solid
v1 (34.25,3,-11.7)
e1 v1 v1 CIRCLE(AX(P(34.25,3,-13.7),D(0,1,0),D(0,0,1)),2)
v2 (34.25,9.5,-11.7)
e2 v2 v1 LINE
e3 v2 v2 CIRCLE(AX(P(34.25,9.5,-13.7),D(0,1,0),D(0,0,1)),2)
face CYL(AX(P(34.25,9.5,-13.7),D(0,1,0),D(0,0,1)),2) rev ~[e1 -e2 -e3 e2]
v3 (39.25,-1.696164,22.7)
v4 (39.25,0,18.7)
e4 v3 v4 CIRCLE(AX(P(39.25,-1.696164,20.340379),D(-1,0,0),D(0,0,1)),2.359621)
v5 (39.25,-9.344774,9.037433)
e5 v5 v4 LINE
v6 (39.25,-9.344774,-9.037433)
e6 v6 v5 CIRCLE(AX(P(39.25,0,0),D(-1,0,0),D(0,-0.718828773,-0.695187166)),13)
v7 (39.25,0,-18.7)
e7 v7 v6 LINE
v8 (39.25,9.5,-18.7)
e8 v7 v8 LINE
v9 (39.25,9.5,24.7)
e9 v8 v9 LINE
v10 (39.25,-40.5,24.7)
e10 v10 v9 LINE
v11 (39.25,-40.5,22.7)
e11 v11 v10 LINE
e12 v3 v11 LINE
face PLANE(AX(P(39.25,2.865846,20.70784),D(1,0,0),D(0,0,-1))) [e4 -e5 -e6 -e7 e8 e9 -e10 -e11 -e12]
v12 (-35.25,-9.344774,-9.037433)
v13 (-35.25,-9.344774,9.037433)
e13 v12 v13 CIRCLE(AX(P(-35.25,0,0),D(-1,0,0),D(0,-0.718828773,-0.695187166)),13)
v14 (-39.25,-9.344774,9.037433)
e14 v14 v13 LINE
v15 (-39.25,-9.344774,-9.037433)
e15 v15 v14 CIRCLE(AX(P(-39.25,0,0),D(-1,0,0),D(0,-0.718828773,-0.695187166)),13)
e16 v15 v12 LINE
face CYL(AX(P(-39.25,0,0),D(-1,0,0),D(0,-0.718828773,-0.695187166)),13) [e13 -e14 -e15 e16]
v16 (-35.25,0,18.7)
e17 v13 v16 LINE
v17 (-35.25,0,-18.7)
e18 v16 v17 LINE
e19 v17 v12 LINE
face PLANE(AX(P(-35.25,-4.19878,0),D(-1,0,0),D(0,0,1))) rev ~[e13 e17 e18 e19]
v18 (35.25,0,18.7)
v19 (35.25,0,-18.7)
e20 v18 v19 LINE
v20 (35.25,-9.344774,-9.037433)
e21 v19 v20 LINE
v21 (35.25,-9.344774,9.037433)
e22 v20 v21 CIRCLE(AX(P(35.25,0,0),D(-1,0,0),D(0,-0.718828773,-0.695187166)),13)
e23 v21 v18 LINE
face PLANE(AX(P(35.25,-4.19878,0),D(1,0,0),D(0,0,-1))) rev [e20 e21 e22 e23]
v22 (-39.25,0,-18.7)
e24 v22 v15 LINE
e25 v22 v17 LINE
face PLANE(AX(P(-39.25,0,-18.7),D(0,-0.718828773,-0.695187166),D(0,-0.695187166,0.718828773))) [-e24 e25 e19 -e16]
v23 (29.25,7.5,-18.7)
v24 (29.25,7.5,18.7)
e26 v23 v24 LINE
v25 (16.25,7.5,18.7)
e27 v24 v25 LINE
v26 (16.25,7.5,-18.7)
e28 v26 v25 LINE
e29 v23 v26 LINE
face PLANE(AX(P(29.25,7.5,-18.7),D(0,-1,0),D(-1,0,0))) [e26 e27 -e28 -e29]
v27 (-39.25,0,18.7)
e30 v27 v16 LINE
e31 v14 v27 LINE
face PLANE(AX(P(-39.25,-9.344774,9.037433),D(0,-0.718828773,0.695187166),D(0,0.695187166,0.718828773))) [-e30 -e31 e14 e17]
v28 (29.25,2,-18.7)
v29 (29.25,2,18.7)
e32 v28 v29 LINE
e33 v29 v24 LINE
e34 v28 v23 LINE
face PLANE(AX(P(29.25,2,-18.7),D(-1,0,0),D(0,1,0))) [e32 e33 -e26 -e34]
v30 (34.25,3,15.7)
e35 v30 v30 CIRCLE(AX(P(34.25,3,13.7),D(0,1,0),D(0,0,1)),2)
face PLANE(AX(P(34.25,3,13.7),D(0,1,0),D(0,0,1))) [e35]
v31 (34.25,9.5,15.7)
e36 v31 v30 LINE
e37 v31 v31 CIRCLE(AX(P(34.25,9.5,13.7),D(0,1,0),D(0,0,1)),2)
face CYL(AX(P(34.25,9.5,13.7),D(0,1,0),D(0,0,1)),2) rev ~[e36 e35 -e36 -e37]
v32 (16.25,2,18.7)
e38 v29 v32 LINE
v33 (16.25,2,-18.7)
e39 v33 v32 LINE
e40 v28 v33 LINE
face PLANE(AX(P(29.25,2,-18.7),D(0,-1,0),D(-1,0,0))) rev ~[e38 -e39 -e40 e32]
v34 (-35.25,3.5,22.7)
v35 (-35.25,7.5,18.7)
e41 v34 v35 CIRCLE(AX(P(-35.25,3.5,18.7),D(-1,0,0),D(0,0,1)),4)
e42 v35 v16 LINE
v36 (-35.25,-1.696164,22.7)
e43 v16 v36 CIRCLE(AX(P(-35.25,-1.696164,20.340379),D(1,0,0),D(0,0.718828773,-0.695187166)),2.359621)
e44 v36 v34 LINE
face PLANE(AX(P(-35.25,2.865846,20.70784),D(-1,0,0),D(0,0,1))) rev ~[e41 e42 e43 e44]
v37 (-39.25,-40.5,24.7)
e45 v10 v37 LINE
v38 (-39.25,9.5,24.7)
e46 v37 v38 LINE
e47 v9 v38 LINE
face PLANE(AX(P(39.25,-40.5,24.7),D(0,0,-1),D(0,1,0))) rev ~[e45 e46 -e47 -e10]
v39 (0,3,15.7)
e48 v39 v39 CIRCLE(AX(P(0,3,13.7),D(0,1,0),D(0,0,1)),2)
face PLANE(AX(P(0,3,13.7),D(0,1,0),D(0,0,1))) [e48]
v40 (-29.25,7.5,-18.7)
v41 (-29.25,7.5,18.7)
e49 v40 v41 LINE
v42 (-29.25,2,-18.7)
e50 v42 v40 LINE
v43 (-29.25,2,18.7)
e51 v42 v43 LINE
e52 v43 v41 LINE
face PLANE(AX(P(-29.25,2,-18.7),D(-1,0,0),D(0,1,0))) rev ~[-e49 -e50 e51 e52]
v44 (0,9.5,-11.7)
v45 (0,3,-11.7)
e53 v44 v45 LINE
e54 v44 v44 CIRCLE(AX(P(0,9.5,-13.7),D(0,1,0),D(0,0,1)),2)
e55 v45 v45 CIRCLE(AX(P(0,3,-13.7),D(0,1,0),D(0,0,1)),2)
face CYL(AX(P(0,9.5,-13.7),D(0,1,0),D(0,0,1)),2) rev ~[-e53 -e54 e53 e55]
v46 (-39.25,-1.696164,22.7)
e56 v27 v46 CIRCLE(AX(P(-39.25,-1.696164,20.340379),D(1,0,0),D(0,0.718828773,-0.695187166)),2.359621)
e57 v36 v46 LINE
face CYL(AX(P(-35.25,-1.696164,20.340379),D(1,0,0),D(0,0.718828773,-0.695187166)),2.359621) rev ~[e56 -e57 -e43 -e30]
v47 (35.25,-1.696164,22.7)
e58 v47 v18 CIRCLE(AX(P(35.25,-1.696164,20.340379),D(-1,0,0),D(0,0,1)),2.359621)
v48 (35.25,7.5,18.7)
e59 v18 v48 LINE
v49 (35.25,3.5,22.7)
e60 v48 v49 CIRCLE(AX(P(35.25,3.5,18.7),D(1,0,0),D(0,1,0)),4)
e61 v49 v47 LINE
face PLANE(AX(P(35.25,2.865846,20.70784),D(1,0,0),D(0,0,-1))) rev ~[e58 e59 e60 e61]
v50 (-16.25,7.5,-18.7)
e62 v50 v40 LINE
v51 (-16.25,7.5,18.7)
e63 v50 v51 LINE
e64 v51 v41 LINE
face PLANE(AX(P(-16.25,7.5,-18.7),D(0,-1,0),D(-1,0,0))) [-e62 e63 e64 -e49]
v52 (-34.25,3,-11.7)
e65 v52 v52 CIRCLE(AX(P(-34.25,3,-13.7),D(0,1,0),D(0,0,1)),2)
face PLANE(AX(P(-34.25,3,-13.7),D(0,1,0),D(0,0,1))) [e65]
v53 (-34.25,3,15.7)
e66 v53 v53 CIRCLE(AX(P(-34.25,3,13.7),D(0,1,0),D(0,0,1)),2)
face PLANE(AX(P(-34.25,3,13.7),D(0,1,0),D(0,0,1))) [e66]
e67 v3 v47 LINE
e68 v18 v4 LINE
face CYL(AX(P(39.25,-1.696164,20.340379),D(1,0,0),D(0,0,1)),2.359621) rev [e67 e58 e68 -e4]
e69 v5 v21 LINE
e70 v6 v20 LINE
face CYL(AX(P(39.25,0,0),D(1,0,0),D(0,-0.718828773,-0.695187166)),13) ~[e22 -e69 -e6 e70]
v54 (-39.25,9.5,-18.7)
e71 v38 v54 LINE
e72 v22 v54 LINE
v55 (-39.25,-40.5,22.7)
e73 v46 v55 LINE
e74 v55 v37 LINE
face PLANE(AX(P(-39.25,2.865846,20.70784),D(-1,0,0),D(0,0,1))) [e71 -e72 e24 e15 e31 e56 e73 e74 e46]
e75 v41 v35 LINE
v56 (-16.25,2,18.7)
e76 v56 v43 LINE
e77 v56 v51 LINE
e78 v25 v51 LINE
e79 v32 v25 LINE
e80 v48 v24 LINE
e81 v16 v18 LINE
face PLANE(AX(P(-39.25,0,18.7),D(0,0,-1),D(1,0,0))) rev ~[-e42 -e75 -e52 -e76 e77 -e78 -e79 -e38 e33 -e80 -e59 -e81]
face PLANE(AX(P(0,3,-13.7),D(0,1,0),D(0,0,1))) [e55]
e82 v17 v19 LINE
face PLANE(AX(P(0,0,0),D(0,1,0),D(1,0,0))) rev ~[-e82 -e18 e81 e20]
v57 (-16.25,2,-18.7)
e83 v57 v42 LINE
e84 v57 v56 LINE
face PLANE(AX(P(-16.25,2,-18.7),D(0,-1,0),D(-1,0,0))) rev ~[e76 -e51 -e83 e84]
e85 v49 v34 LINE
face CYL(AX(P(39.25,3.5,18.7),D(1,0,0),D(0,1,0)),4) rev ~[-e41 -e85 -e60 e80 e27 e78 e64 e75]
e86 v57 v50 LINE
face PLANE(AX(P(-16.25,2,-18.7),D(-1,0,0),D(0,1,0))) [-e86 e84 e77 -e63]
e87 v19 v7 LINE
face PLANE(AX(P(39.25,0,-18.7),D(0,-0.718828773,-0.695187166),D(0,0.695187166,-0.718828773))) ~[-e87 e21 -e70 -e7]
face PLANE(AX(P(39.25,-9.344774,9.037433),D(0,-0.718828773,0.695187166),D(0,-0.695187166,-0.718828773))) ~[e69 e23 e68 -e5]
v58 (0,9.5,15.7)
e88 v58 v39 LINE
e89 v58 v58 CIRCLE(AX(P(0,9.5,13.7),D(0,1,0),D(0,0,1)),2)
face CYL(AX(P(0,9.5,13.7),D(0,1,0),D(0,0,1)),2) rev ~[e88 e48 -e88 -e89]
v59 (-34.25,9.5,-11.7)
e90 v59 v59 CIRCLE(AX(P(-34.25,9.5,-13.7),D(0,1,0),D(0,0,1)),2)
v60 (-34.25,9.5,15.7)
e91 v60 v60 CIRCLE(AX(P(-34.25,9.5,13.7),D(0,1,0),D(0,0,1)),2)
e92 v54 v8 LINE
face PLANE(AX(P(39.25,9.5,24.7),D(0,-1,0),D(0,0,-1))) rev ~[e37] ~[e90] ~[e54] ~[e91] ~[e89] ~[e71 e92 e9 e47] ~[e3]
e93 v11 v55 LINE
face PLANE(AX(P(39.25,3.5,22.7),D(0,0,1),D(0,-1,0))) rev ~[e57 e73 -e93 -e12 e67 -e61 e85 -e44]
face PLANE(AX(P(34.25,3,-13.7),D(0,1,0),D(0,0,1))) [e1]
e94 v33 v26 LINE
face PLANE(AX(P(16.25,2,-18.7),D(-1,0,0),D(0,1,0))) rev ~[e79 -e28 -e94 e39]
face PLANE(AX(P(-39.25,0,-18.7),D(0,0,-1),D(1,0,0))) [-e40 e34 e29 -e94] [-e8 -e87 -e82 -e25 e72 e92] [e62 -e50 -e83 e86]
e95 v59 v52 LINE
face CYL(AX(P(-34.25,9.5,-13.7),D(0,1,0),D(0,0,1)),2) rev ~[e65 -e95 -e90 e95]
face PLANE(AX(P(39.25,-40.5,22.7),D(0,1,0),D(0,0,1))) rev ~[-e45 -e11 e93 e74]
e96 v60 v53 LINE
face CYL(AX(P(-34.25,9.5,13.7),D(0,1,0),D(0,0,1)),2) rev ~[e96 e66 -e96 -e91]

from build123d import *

# Parameters (mm, degrees)
SKETCH1_W           = 78.5
SKETCH1_H           = 37.4
BOSS_EXTRUDE1_DEPTH = 9.5
SKETCH6_R           = 2
CUT_EXTRUDE1_DEPTH  = 6.5
BOSS_EXTRUDE2_DEPTH = 4
SKETCH9_W           = 13
SKETCH9_H           = 5.5
CUT_EXTRUDE3_DEPTH  = 56.75233179
BOSS_EXTRUDE3_REACH = 83.737
BOSS_EXTRUDE4_START = -4
BOSS_EXTRUDE4_DEPTH = 4
BOSS_EXTRUDE5_DEPTH = 4


with BuildPart() as part:
    # Sketch1 → Boss-Extrude1 (new body)
    with BuildSketch(Plane(origin=(0, 0, 0), x_dir=(1, 0, 0), z_dir=(0, 1, 0))):
        Rectangle(SKETCH1_W, SKETCH1_H)
    extrude(amount=BOSS_EXTRUDE1_DEPTH)

    # Sketch6 → Cut-Extrude1 (cut)
    with BuildSketch(Plane(origin=(0, 9.5, 0), x_dir=(1, 0, 0), z_dir=(0, 1, 0))):
        with Locations(Location((-34.25, 13.7, 0), (0, 0, 270))):
            Circle(SKETCH6_R)
        with Locations(Location((0, 13.7, 0), (0, 0, 270))):
            Circle(SKETCH6_R)
        with Locations(Location((34.25, 13.7, 0), (0, 0, 270))):
            Circle(SKETCH6_R)
        with Locations(Location((34.25, -13.7, 0), (0, 0, 270))):
            Circle(SKETCH6_R)
        with Locations(Location((0, -13.7, 0), (0, 0, 270))):
            Circle(SKETCH6_R)
        with Locations(Location((-34.25, -13.7, 0), (0, 0, 270))):
            Circle(SKETCH6_R)
    extrude(amount=-CUT_EXTRUDE1_DEPTH, mode=Mode.SUBTRACT)

    # Sketch7 → Boss-Extrude2 (add)
    with BuildSketch(Plane.ZY.offset(39.25)):
        with BuildLine():
            Line((-18.7, 0), (-9.037433155, -9.344774046))
            ThreePointArc((-9.037433155, -9.344774046), (0, -13), (9.037433155, -9.344774046))
            Line((9.037433155, -9.344774046), (18.7, 0))
            Line((18.7, 0), (-18.7, 0))
        make_face()
    boss_extrude2 = extrude(amount=-BOSS_EXTRUDE2_DEPTH)

    # Mirror1: Boss-Extrude2 across plane
    add(boss_extrude2.mirror(Plane(origin=(0, 0, 0), x_dir=(0, 0, 1), z_dir=(1, 0, 0))))

    # Sketch9 → Cut-Extrude3 (cut, through all)
    with BuildSketch(Plane(origin=(0, 0, -18.7), x_dir=(-1, 0, 0), z_dir=(0, 0, -1))):
        with Locations((22.75, 4.75)):
            Rectangle(SKETCH9_W, SKETCH9_H)
        with Locations((-22.75, 4.75)):
            Rectangle(SKETCH9_W, SKETCH9_H)
    extrude(amount=-CUT_EXTRUDE3_DEPTH, mode=Mode.SUBTRACT)

    # Boss-Extrude3: up to this face of the body (flat: up to its plane)
    boss_extrude3_end = Plane(part.part.faces().sort_by_distance((-39.25, 0.189608499, 0))[0])
    # Sketch10 → Boss-Extrude3 (add, up to the picked face)
    with BuildSketch(Plane(origin=(39.25, 0, 0), x_dir=(0, 0, -1), z_dir=(1, 0, 0)), mode=Mode.PRIVATE) as boss_extrude3_sk1:
        with BuildLine():
            Line((-22.7, -40.5), (-24.7, -40.5))
            Line((-24.7, -40.5), (-24.7, 9.5))
            Line((-24.7, 9.5), (-18.7, 9.5))
            Line((-18.7, 9.5), (-18.7, 7.5))
            ThreePointArc((-18.7, 7.5), (-21.528427125, 6.328427125), (-22.7, 3.5))
            Line((-22.7, 3.5), (-22.7, -40.5))
        make_face()
    boss_extrude3_tool1 = split(extrude(boss_extrude3_sk1.sketch, amount=-BOSS_EXTRUDE3_REACH, mode=Mode.PRIVATE), bisect_by=boss_extrude3_end, keep=Keep.BOTH, mode=Mode.PRIVATE)
    add(boss_extrude3_tool1.solids().sort_by(Axis((39.25, -13.095828, 23.426281), (-1, 0, 0)))[0])

    # Sketch11 → Boss-Extrude4 (add)
    with BuildSketch(Plane.ZY.offset(39.25).offset(BOSS_EXTRUDE4_START)):
        with BuildLine():
            Line((18.7, 7.5), (18.7, 0))
            ThreePointArc((18.7, 0), (21.261557408, 0.476218058), (22.7, -1.696163792))
            Line((22.7, -1.696163792), (22.7, 3.5))
            ThreePointArc((22.7, 3.5), (21.528427125, 6.328427125), (18.7, 7.5))
        make_face()
    extrude(amount=BOSS_EXTRUDE4_DEPTH)

    # Sketch12 → Boss-Extrude5 (add)
    with BuildSketch(Plane(origin=(39.25, 0, 0), x_dir=(0, 0, -1), z_dir=(1, 0, 0))):
        with BuildLine():
            Line((-18.7, 0), (-18.7, 7.5))
            ThreePointArc((-18.7, 7.5), (-21.528427125, 6.328427125), (-22.7, 3.5))
            Line((-22.7, 3.5), (-22.7, -1.696163792))
            ThreePointArc((-22.7, -1.696163792), (-21.261557408, 0.476218058), (-18.7, 0))
        make_face()
    extrude(amount=-BOSS_EXTRUDE5_DEPTH)


solid = part.part
